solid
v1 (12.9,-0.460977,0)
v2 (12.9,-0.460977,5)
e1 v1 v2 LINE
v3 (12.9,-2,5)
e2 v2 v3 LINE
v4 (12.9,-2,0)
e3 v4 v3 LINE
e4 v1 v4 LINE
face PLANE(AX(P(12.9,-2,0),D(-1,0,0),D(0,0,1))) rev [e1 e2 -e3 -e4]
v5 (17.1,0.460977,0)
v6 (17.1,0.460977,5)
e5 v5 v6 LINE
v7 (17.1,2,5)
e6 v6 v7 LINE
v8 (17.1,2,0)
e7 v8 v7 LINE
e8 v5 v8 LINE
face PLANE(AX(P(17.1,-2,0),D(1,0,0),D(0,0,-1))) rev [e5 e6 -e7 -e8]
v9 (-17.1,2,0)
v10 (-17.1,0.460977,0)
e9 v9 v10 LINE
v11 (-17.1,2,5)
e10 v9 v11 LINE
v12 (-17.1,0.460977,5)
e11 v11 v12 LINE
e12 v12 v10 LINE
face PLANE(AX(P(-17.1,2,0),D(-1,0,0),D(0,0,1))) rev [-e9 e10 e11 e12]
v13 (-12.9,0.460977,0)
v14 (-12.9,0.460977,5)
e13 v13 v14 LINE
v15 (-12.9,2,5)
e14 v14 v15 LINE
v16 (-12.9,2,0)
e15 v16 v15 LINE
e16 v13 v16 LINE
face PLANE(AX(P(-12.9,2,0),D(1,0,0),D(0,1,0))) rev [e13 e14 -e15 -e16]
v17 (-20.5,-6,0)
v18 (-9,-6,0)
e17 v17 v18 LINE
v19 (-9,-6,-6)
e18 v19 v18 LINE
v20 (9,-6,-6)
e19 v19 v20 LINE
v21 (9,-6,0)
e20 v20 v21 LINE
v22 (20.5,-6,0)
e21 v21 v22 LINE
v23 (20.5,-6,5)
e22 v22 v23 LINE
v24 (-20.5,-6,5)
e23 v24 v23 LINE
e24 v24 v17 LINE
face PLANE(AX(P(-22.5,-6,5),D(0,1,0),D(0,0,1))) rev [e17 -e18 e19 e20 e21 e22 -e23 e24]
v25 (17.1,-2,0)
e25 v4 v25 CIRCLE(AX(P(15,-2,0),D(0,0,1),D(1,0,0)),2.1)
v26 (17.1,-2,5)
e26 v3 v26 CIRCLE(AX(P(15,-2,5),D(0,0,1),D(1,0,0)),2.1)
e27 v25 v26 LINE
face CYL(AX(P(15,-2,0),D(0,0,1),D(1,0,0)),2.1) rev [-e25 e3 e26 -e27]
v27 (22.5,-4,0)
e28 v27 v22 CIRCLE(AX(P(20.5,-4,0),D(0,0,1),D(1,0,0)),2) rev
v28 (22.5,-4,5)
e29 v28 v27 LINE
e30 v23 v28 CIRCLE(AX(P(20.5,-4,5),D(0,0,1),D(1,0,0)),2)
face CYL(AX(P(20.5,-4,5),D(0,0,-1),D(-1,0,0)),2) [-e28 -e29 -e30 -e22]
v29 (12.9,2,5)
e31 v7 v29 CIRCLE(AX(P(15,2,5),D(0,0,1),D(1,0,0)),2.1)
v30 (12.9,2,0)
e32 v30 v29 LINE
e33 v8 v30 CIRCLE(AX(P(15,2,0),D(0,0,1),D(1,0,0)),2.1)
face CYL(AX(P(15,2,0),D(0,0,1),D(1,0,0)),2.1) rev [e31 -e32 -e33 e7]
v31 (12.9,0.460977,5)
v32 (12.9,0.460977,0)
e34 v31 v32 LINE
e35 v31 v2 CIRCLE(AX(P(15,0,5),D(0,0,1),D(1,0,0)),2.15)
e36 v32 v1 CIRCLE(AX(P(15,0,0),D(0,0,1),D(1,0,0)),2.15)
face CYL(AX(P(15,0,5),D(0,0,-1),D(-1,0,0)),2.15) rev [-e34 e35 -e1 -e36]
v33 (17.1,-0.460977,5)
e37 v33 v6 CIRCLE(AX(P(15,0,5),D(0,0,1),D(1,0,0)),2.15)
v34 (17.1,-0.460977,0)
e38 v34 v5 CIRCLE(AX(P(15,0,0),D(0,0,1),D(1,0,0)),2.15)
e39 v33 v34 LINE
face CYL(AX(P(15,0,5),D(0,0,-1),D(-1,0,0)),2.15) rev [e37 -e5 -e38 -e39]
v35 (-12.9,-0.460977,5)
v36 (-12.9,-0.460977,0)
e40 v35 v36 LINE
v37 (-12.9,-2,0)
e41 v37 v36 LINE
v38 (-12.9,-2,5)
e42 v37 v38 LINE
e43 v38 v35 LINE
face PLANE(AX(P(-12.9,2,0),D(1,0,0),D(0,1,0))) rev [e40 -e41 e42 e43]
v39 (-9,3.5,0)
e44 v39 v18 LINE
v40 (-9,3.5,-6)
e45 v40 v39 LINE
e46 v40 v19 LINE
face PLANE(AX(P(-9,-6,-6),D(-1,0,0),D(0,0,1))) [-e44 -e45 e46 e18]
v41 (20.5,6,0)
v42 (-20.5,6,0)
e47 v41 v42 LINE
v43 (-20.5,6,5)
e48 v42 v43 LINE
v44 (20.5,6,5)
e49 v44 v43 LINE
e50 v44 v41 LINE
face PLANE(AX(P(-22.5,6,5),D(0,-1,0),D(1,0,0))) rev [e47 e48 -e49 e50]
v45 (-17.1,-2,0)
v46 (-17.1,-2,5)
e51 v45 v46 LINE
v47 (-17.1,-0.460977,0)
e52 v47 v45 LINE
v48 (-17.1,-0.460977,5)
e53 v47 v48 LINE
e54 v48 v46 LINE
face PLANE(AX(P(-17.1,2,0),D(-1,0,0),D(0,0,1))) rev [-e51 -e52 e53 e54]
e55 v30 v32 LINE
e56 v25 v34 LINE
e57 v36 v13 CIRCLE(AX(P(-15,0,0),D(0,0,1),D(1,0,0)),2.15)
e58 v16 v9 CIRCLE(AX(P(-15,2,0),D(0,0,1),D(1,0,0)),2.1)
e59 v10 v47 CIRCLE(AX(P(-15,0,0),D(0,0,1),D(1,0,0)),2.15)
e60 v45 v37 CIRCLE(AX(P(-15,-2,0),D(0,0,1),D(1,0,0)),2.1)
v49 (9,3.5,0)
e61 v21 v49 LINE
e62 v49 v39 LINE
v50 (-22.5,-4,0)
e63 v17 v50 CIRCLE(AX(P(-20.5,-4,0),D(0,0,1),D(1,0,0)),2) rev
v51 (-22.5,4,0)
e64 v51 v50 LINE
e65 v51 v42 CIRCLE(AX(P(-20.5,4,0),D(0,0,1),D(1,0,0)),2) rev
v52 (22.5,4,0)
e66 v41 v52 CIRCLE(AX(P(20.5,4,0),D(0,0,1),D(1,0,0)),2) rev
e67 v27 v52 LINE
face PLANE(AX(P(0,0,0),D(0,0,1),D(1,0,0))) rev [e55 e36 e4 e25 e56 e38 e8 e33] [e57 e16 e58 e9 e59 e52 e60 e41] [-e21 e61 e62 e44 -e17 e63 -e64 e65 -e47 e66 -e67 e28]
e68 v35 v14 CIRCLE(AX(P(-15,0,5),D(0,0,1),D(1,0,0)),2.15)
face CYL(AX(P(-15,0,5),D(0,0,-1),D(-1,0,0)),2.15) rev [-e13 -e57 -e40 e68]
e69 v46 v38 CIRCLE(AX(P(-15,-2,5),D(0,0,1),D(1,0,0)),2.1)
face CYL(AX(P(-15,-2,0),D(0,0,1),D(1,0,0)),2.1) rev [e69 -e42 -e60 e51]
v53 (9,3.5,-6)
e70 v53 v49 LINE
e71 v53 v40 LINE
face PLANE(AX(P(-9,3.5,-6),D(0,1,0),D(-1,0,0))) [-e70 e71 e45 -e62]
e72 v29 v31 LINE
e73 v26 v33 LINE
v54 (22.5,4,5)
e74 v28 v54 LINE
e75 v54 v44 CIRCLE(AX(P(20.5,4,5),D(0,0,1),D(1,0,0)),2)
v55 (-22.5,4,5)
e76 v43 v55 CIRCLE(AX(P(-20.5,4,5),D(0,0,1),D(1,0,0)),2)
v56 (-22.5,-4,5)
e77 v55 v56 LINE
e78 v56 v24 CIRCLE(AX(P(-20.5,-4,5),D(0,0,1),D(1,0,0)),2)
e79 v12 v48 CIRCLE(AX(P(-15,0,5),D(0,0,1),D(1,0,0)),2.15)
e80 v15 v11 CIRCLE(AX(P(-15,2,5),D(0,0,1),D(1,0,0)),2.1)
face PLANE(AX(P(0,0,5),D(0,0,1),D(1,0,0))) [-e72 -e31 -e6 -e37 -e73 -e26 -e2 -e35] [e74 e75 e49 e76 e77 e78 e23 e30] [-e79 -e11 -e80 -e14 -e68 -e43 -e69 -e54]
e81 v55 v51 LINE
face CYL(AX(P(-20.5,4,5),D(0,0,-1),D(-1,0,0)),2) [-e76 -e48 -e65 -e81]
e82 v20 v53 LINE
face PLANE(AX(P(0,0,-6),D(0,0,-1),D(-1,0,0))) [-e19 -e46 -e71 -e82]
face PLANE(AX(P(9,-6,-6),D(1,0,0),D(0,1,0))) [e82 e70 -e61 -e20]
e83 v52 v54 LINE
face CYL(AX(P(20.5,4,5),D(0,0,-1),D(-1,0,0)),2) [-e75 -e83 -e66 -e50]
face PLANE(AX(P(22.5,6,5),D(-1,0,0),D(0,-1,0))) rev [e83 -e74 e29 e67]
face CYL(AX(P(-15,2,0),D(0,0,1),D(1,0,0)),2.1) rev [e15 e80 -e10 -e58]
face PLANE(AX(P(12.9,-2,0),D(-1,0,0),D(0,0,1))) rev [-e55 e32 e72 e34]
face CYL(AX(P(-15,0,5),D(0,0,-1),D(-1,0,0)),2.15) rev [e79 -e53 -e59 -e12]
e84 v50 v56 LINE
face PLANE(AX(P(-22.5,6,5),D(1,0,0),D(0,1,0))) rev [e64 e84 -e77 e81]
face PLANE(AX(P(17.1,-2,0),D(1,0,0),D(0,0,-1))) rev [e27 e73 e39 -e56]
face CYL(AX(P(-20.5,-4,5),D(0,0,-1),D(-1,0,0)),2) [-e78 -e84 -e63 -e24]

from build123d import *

# Parameters (mm, degrees)
SKETCH1_W           = 45
SKETCH1_H           = 12
SKETCH1_R           = 2.15
BOSS_EXTRUDE1_DEPTH = 5
CUT_EXTRUDE1_DEPTH  = 24.817010728
SKETCH3_W           = 18
SKETCH3_H           = 9.5
BOSS_EXTRUDE2_DEPTH = 6
FILLET1_R           = 2


with BuildPart() as part:
    # Sketch1 → Boss-Extrude1 (new body)
    with BuildSketch(Plane.XY):
        Rectangle(SKETCH1_W, SKETCH1_H)
        with Locations((-15, 0)):
            Circle(SKETCH1_R, mode=Mode.SUBTRACT)
        with Locations((15, 0)):
            Circle(SKETCH1_R, mode=Mode.SUBTRACT)
    extrude(amount=BOSS_EXTRUDE1_DEPTH)

    # Sketch2 → Cut-Extrude1 (cut, through all)
    with BuildSketch(Plane.XY.offset(5)):
        with BuildLine():
            Line((-12.9, 2), (-12.9, -2))
            ThreePointArc((-12.9, -2), (-15, -4.1), (-17.1, -2))
            Line((-17.1, -2), (-17.1, 2))
            ThreePointArc((-17.1, 2), (-15, 4.1), (-12.9, 2))
        make_face()
        with BuildLine():
            Line((12.9, -2), (12.9, 2))
            ThreePointArc((12.9, 2), (15, 4.1), (17.1, 2))
            Line((17.1, 2), (17.1, -2))
            ThreePointArc((17.1, -2), (15, -4.1), (12.9, -2))
        make_face()
    extrude(amount=-CUT_EXTRUDE1_DEPTH, mode=Mode.SUBTRACT)

    # Sketch3 → Boss-Extrude2 (add)
    with BuildSketch(Plane.XY):
        with Locations((0, -1.25)):
            Rectangle(SKETCH3_W, SKETCH3_H)
    extrude(amount=-BOSS_EXTRUDE2_DEPTH)

    # Fillet1
    fillet1_edges = [part.edges().sort_by_distance(p)[0] for p in [
        (-22.5, 6, 2.5),
        (-22.5, -6, 2.5),
        (22.5, -6, 2.5),
        (22.5, 6, 2.5),
    ]]
    fillet(fillet1_edges, radius=FILLET1_R)


solid = part.part
